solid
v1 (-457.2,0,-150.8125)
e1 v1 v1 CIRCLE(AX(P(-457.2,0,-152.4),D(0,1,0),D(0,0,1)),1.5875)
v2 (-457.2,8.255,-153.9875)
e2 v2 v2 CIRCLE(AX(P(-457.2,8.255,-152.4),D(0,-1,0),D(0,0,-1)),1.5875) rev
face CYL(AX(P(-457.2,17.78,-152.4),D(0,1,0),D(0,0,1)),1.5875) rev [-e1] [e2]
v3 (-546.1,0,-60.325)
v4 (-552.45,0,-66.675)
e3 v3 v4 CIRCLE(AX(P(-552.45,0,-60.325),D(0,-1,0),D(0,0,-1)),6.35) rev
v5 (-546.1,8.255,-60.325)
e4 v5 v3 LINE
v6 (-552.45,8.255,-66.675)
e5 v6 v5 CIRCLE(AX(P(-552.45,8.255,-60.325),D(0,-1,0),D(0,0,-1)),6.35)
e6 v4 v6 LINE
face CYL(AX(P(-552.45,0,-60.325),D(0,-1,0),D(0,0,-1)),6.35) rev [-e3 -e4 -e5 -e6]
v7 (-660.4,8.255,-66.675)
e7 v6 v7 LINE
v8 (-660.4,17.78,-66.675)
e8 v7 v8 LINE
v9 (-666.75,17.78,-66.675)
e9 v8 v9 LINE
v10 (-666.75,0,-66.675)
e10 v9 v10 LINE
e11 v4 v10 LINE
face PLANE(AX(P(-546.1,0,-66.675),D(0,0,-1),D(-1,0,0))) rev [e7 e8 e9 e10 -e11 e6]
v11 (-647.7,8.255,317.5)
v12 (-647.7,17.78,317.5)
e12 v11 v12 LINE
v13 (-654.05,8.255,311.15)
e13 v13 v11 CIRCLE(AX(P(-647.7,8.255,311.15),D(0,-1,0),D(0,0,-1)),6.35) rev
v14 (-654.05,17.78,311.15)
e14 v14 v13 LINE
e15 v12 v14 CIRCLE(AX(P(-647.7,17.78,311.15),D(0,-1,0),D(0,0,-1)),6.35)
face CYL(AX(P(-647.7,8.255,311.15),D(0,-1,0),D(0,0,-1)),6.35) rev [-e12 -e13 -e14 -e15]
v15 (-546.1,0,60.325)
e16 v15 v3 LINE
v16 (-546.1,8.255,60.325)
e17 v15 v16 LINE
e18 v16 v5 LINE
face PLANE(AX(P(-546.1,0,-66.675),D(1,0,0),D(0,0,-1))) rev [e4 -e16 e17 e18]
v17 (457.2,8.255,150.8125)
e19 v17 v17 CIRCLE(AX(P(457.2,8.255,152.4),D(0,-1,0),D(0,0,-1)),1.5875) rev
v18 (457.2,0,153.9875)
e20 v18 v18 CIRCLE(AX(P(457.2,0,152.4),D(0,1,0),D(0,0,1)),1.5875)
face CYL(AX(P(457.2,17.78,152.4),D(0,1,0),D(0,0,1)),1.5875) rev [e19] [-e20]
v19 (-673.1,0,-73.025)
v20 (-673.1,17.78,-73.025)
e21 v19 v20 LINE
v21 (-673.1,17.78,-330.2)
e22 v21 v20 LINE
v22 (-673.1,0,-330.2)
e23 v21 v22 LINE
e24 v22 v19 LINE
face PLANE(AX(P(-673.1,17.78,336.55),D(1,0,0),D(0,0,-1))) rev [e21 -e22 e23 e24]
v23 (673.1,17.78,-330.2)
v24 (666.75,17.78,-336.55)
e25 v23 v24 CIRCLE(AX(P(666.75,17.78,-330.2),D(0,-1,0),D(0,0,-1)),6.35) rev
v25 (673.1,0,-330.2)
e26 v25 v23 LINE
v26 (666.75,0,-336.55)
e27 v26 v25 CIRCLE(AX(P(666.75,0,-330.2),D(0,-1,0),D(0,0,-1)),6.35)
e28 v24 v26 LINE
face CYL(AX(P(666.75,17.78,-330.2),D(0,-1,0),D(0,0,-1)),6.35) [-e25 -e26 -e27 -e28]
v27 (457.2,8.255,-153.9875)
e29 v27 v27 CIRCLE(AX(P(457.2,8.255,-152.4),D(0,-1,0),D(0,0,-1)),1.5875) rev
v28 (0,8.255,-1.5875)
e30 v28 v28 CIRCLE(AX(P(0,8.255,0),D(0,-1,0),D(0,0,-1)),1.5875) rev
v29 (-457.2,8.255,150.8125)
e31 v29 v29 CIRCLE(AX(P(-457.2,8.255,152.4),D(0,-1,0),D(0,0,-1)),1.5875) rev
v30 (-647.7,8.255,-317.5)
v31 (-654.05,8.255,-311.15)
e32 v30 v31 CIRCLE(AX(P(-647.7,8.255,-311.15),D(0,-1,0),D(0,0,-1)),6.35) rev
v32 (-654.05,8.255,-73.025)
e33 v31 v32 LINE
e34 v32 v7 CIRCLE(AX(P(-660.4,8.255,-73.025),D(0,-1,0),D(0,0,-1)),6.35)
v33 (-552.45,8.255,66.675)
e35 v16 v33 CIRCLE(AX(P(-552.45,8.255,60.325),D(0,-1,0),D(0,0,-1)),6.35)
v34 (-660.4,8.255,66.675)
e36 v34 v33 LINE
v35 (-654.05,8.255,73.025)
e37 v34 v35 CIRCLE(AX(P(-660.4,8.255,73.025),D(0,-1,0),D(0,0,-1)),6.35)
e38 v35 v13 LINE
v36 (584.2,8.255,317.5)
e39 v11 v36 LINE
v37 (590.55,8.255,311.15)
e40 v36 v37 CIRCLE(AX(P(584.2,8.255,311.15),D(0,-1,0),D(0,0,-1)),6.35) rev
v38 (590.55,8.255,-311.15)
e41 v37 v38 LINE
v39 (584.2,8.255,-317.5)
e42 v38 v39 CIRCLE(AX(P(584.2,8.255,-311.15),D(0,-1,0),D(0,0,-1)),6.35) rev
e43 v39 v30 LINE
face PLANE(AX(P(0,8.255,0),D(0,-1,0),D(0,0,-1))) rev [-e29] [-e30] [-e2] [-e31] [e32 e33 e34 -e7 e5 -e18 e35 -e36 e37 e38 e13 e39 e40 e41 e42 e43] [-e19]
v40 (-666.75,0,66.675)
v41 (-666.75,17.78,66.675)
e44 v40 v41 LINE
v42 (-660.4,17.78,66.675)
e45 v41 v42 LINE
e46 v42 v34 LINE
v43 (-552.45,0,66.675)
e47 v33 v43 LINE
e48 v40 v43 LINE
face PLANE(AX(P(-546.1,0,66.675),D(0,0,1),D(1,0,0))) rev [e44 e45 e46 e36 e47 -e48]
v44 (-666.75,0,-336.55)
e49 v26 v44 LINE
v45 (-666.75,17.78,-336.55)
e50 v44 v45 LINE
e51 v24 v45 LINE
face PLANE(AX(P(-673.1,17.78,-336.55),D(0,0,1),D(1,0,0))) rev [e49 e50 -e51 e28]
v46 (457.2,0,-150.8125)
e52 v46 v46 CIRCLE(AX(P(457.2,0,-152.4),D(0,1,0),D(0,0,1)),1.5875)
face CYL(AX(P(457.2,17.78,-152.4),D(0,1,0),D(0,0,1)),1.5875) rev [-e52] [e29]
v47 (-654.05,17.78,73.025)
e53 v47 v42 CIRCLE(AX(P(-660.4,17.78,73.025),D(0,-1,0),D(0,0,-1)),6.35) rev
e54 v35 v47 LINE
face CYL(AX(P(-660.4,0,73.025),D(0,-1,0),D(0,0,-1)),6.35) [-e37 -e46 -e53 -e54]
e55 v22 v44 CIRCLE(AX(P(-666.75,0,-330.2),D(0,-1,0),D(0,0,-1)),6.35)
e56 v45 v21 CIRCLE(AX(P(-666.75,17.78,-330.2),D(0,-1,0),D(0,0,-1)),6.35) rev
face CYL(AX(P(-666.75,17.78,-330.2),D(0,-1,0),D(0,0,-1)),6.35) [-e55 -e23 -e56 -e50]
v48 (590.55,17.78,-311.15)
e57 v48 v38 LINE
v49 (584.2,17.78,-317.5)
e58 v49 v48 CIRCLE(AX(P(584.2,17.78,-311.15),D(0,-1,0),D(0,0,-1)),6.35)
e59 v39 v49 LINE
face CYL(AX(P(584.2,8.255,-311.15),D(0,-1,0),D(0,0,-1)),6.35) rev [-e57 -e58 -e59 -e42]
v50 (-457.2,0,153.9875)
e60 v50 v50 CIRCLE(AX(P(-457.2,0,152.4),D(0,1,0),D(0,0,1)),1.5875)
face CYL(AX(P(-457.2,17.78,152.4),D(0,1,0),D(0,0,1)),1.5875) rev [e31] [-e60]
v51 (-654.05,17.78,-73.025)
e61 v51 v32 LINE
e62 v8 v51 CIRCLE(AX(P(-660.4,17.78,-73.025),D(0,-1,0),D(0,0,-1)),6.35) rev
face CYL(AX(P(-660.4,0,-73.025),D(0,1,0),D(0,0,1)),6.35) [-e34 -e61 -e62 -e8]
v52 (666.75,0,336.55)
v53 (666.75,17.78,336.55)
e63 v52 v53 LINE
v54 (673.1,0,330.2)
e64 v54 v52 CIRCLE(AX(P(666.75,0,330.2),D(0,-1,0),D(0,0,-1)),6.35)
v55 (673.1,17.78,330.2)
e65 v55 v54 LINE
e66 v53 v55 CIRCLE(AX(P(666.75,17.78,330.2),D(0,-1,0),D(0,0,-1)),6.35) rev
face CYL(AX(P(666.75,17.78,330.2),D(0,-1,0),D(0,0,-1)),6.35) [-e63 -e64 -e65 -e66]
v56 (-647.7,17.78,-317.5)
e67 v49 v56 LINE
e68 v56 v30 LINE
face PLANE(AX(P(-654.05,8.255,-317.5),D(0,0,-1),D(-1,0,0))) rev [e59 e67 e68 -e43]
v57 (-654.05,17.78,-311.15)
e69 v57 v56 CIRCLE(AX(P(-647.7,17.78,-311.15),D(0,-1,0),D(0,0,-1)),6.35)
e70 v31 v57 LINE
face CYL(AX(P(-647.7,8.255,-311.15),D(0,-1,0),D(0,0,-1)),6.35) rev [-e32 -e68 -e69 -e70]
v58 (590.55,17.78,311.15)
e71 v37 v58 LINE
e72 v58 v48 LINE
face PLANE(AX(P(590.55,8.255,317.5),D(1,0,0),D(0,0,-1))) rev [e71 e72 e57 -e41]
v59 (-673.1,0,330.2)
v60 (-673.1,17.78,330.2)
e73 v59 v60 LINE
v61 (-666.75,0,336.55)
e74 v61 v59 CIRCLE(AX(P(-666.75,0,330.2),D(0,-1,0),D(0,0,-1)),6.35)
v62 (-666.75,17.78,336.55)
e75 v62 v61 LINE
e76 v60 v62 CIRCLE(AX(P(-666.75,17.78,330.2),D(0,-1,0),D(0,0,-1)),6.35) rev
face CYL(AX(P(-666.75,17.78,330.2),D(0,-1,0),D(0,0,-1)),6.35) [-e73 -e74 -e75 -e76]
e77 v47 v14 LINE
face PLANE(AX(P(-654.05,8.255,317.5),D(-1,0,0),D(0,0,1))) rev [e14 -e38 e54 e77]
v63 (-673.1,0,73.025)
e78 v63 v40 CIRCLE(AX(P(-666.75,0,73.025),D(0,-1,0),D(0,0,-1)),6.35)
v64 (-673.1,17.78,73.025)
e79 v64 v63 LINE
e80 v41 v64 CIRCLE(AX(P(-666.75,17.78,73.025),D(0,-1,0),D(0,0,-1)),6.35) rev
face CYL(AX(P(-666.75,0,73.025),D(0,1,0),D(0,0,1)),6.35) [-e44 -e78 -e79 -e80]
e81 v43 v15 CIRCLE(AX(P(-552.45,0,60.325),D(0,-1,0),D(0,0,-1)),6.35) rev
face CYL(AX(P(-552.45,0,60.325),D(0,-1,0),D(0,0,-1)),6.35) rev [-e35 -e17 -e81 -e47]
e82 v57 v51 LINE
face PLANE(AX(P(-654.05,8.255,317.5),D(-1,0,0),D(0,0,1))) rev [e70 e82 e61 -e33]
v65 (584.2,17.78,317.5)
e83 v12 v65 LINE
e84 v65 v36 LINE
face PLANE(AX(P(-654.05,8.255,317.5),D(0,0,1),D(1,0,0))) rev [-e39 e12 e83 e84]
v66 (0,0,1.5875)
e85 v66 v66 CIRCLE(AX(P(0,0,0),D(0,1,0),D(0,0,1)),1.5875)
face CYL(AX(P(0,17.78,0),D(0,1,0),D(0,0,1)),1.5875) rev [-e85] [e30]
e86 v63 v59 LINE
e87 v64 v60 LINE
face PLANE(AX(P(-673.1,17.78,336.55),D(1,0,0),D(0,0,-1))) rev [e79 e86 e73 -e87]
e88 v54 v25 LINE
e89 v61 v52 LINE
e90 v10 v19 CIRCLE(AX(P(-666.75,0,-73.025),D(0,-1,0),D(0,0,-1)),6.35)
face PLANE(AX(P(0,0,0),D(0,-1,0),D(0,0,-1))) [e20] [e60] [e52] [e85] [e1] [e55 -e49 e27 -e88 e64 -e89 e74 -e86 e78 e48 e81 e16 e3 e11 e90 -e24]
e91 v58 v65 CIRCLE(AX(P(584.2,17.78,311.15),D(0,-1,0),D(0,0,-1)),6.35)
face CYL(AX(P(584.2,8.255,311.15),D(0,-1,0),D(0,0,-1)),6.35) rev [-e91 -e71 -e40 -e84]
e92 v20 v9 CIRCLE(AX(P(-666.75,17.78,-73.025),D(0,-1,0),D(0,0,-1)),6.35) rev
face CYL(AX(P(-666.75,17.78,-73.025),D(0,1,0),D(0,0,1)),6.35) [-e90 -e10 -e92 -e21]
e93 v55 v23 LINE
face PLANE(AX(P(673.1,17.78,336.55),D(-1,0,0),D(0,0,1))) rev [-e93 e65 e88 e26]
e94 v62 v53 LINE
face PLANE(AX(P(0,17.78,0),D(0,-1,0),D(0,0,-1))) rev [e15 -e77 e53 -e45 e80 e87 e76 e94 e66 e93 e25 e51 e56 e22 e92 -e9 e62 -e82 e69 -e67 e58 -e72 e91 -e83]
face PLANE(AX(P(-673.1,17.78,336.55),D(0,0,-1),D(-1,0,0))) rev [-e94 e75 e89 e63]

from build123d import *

# Parameters (mm, degrees)
SKETCH1_W                    = 1346.2
SKETCH1_H                    = 673.1
BOSS_EXTRUDE1_DEPTH          = 17.78
F_1_8_0_125_DIAMETER_HOLE1_D = 3.175
SKETCH4_W                    = 127
SKETCH4_H                    = 133.35
CUT_EXTRUDE1_DEPTH           = 753.758687031
SKETCH5_W                    = 1244.6
SKETCH5_H                    = 635
CUT_EXTRUDE2_DEPTH           = 9.525
FILLET1_R                    = 6.35


with BuildPart() as part:
    # Sketch1 → Boss-Extrude1 (new body)
    with BuildSketch(Plane(origin=(0, 0, 0), x_dir=(1, 0, 0), z_dir=(0, 1, 0))):
        Rectangle(SKETCH1_W, SKETCH1_H)
    extrude(amount=BOSS_EXTRUDE1_DEPTH)

    # 1/8 (0.125) Diameter Hole1 (through all)
    with Locations(Plane(origin=(0, 17.78, 0), x_dir=(1, 0, 0), z_dir=(0, 1, 0))):
        with Locations((0, 0), (457.2, 152.4), (-457.2, -152.4), (-457.2, 152.4), (457.2, -152.4)):
            Hole(F_1_8_0_125_DIAMETER_HOLE1_D / 2)

    # Sketch4 → Cut-Extrude1 (cut, through all)
    with BuildSketch(Plane(origin=(0, 17.78, 0), x_dir=(1, 0, 0), z_dir=(0, 1, 0))):
        with Locations((-609.6, 0)):
            Rectangle(SKETCH4_W, SKETCH4_H)
    extrude(amount=-CUT_EXTRUDE1_DEPTH, mode=Mode.SUBTRACT)

    # Sketch5 → Cut-Extrude2 (cut)
    with BuildSketch(Plane(origin=(0, 17.78, 0), x_dir=(1, 0, 0), z_dir=(0, 1, 0))):
        with Locations((-31.75, 0)):
            Rectangle(SKETCH5_W, SKETCH5_H)
    extrude(amount=-CUT_EXTRUDE2_DEPTH, mode=Mode.SUBTRACT)

    # Fillet1
    fillet1_edges = [part.edges().sort_by_distance(p)[0] for p in [
        (-673.1, 8.89, 66.675),
        (-673.1, 8.89, -66.675),
        (-546.1, 4.1275, -66.675),
        (-546.1, 4.1275, 66.675),
        (-654.05, 13.0175, 66.675),
        (-654.05, 13.0175, -66.675),
        (-654.05, 13.0175, 317.5),
        (590.55, 13.0175, -317.5),
        (673.1, 8.89, 336.55),
        (590.55, 13.0175, 317.5),
        (-673.1, 8.89, 336.55),
        (-654.05, 13.0175, -317.5),
        (-673.1, 8.89, -336.55),
        (673.1, 8.89, -336.55),
    ]]
    fillet(fillet1_edges, radius=FILLET1_R)


solid = part.part
